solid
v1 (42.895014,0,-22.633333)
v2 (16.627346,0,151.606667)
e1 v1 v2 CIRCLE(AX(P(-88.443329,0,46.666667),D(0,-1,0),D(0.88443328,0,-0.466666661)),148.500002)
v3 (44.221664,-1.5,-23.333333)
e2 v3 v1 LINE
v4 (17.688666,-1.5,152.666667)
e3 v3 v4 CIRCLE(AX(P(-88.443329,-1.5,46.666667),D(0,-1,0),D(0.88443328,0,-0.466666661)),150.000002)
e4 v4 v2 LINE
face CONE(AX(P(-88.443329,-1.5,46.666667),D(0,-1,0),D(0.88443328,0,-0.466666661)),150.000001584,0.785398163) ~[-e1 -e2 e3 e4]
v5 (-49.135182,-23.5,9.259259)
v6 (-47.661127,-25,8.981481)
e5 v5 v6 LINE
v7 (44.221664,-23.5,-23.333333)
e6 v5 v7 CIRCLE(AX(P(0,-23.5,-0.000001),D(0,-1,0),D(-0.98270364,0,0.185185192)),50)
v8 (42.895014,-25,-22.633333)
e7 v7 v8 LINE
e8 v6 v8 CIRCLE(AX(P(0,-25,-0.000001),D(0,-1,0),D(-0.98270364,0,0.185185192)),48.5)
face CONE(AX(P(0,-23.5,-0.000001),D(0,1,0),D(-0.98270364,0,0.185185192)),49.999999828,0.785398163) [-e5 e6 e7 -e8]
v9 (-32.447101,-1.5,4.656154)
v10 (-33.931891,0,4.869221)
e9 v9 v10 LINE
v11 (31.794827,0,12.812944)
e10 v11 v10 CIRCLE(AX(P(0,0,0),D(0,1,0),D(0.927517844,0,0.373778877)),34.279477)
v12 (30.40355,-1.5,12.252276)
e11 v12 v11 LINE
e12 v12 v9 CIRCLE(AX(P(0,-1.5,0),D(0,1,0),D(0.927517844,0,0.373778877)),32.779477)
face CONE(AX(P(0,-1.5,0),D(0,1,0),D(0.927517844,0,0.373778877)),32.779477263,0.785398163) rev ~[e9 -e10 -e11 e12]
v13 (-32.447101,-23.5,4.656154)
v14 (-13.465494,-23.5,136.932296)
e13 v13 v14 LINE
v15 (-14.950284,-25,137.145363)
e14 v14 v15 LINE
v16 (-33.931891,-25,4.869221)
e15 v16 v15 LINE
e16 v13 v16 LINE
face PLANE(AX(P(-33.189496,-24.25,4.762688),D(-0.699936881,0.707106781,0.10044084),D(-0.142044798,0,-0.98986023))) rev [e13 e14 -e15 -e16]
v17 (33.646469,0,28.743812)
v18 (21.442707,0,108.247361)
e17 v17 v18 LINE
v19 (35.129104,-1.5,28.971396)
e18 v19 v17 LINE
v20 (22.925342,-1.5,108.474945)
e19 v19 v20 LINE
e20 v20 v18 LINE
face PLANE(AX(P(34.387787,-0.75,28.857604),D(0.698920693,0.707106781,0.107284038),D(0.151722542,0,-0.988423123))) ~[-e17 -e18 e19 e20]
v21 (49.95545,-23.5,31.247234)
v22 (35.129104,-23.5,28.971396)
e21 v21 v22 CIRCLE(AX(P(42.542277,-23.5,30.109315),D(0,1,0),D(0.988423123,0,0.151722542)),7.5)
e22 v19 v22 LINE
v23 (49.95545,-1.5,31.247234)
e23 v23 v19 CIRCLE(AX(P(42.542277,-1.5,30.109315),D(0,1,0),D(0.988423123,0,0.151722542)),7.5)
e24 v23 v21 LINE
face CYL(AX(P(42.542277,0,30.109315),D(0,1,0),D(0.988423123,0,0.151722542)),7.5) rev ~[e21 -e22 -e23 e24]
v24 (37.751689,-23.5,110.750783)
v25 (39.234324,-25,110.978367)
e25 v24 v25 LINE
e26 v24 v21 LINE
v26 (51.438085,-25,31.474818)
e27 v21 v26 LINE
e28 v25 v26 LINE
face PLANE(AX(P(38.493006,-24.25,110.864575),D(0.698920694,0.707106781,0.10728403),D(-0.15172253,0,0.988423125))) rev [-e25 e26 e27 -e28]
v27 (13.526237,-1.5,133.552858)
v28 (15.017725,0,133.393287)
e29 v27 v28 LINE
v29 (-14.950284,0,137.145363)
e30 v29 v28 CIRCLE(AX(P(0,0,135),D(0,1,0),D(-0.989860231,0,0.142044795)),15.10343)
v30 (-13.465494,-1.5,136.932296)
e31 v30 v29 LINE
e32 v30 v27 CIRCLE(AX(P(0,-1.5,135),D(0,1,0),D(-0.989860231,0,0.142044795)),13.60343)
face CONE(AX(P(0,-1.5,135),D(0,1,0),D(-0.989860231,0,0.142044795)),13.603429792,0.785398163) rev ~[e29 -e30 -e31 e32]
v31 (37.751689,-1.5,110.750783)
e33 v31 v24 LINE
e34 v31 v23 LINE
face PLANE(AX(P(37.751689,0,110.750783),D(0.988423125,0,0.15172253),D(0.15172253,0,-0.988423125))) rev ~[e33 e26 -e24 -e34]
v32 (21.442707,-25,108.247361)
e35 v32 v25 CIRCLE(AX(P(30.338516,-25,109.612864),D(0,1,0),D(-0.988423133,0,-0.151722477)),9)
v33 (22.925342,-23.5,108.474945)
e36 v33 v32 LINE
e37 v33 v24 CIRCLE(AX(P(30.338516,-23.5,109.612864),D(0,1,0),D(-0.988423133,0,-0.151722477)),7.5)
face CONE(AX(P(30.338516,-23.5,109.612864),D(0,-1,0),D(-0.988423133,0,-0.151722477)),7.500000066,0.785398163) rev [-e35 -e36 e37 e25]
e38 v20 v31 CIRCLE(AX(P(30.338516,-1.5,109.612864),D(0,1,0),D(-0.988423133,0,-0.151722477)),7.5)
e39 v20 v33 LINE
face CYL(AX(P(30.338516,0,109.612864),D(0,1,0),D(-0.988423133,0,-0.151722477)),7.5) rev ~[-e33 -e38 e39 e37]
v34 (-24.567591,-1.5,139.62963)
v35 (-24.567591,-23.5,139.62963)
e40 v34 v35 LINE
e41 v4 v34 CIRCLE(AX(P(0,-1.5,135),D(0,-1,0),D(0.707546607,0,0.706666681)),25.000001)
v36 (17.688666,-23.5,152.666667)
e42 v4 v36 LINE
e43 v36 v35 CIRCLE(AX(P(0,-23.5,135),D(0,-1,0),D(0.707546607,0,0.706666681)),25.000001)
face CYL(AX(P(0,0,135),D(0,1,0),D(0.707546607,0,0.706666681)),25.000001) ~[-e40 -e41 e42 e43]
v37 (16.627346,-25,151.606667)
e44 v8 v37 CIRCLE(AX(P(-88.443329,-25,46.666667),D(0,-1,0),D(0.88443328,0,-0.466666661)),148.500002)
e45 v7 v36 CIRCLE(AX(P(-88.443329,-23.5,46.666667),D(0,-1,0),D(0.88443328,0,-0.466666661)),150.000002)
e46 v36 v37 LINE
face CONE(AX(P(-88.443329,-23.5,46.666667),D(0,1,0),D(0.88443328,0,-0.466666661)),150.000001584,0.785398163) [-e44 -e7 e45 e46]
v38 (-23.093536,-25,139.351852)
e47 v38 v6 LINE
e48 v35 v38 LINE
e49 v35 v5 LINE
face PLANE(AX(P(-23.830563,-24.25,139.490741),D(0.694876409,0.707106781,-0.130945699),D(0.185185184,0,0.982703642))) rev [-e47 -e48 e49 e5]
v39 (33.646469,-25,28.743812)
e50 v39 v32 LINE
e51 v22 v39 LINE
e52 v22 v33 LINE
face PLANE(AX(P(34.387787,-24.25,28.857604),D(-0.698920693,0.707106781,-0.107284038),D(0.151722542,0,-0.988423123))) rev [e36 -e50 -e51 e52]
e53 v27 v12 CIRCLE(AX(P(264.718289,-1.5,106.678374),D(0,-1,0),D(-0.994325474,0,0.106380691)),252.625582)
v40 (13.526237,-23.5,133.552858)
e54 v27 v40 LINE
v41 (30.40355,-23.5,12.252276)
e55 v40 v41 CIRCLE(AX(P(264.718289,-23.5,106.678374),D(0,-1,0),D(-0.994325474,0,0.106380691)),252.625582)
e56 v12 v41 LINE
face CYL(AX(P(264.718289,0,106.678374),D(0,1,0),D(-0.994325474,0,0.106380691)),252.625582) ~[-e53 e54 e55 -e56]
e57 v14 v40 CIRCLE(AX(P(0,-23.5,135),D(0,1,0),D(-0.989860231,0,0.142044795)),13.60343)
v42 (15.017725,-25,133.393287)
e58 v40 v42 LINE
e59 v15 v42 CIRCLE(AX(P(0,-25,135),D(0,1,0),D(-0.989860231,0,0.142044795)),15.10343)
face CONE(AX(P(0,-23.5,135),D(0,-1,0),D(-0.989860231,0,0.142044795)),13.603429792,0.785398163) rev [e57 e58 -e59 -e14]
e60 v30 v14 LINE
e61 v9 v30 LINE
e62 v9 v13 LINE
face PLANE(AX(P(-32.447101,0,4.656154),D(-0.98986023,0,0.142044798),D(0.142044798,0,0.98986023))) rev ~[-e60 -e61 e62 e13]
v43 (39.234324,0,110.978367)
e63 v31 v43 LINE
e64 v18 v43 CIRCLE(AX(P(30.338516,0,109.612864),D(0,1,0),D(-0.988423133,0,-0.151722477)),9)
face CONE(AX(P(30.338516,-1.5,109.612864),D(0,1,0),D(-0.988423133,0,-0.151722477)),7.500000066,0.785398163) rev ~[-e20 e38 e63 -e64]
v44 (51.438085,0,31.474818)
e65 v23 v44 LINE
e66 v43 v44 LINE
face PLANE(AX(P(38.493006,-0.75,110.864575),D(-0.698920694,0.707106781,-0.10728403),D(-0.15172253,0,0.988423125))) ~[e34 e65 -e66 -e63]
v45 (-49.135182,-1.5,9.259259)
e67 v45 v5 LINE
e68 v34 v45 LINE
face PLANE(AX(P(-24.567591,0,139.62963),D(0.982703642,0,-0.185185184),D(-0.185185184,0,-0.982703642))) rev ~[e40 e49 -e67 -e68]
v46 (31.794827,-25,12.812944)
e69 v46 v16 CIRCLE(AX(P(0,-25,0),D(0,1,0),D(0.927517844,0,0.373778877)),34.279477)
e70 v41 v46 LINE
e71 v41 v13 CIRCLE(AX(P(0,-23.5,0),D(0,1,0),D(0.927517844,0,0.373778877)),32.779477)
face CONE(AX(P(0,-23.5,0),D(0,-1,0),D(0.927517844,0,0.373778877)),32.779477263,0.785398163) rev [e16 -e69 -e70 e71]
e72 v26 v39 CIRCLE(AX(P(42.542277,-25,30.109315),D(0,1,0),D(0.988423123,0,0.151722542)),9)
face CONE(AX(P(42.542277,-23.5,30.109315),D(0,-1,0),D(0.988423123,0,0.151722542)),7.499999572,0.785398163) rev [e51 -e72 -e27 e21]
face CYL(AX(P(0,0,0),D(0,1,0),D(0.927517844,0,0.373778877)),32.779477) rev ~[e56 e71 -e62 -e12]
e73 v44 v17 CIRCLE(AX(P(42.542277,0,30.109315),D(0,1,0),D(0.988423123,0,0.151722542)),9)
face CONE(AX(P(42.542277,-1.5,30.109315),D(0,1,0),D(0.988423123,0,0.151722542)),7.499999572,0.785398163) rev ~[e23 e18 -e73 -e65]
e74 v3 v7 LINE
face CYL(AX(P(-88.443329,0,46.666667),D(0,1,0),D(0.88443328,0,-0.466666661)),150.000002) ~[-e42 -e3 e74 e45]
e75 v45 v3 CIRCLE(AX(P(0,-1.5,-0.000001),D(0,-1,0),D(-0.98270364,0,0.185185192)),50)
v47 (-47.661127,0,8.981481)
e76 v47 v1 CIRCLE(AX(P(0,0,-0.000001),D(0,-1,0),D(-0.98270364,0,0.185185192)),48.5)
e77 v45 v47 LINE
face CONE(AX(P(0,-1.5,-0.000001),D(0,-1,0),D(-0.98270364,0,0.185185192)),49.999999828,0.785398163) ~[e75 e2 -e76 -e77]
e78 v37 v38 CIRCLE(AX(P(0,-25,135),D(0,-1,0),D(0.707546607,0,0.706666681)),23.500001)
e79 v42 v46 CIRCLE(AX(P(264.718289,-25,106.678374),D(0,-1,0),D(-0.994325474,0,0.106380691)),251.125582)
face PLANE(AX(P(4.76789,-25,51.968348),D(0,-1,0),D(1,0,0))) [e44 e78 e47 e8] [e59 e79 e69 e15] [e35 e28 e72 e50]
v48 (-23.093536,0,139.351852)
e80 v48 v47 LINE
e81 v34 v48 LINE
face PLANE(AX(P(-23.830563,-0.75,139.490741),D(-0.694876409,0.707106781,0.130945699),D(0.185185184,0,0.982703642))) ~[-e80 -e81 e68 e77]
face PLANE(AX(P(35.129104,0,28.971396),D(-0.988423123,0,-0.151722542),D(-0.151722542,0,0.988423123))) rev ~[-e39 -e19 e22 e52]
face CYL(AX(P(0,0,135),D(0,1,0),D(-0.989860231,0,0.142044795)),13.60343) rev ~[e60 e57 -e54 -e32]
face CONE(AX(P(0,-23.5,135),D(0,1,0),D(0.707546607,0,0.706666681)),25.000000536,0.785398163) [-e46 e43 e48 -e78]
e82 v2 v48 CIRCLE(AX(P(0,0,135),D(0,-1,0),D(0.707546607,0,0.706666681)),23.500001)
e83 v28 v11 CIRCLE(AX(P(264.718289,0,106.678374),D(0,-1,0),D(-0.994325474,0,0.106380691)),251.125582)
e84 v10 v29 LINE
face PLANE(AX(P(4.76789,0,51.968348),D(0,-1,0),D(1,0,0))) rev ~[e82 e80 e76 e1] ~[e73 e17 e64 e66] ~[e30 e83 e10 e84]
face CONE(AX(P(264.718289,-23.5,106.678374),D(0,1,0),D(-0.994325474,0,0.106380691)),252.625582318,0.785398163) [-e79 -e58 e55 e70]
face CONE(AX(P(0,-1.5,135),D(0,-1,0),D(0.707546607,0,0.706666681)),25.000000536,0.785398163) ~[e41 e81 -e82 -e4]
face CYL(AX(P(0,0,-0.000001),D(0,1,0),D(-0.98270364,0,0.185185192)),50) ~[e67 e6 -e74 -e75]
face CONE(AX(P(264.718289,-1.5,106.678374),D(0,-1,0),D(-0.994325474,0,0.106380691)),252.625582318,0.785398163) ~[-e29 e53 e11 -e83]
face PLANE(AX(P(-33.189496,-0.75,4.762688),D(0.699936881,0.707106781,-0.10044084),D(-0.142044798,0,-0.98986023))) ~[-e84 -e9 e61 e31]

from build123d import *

# Parameters (mm, degrees)
F1_DEPTH = 25
F2_SIZE  = 1.5


with BuildPart() as f1:
    # F0 (on Front) → F1 (new body)
    with BuildSketch(Plane.XZ):
        with BuildLine():
            Line((-24.567591, 139.62963), (-49.135182, 9.259259))
            ThreePointArc((-49.135182, 9.259259), (-16.480441, -47.20588), (44.221664, -23.333333))
            ThreePointArc((44.221664, -23.333333), (59.880642, 69.027346), (17.688666, 152.666667))
            ThreePointArc((17.688666, 152.666667), (-7.370277, 158.888889), (-24.567591, 139.62963))
        make_face()
        with BuildLine():
            ThreePointArc((-13.465494, 136.932296), (1.689992, 148.498045), (13.526237, 133.552858))
            ThreePointArc((13.526237, 133.552858), (14.503044, 71.864353), (30.40355, 12.252276))
            ThreePointArc((30.40355, 12.252276), (3.933102, -32.542662), (-32.447101, 4.656154))
            Line((-32.447101, 4.656154), (-13.465494, 136.932296))
        make_face(mode=Mode.SUBTRACT)
        with BuildLine():
            ThreePointArc((22.925342, 108.474945), (29.200596, 117.026037), (37.751689, 110.750783))
            Line((37.751689, 110.750783), (49.95545, 31.247234))
            ThreePointArc((49.95545, 31.247234), (43.680196, 22.696142), (35.129104, 28.971396))
            Line((35.129104, 28.971396), (22.925342, 108.474945))
        make_face(mode=Mode.SUBTRACT)
    extrude(amount=F1_DEPTH)

    # F2
    f2_edges = [f1.edges().sort_by_distance(p)[0] for p in [
        (59.880642, -25, 69.027346),
        (-7.370277, -25, 158.888889),
        (-36.851387, -25, 74.444444),
        (-16.480441, -25, -47.20588),
        (1.689992, -25, 148.498045),
        (14.503044, -25, 71.864353),
        (3.933102, -25, -32.542662),
        (-22.956298, -25, 70.794225),
        (29.027223, -25, 68.723171),
        (29.200596, -25, 117.026037),
        (43.85357, -25, 70.999009),
        (43.680196, -25, 22.696142),
        (59.880642, 0, 69.027346),
        (-7.370277, 0, 158.888889),
        (-36.851387, 0, 74.444444),
        (-16.480441, 0, -47.20588),
        (1.689992, 0, 148.498045),
        (14.503044, 0, 71.864353),
        (3.933102, 0, -32.542662),
        (-22.956298, 0, 70.794225),
        (29.027223, 0, 68.723171),
        (29.200596, 0, 117.026037),
        (43.85357, 0, 70.999009),
        (43.680196, 0, 22.696142),
    ]]
    chamfer(f2_edges, length=F2_SIZE)


solid = f1.part
